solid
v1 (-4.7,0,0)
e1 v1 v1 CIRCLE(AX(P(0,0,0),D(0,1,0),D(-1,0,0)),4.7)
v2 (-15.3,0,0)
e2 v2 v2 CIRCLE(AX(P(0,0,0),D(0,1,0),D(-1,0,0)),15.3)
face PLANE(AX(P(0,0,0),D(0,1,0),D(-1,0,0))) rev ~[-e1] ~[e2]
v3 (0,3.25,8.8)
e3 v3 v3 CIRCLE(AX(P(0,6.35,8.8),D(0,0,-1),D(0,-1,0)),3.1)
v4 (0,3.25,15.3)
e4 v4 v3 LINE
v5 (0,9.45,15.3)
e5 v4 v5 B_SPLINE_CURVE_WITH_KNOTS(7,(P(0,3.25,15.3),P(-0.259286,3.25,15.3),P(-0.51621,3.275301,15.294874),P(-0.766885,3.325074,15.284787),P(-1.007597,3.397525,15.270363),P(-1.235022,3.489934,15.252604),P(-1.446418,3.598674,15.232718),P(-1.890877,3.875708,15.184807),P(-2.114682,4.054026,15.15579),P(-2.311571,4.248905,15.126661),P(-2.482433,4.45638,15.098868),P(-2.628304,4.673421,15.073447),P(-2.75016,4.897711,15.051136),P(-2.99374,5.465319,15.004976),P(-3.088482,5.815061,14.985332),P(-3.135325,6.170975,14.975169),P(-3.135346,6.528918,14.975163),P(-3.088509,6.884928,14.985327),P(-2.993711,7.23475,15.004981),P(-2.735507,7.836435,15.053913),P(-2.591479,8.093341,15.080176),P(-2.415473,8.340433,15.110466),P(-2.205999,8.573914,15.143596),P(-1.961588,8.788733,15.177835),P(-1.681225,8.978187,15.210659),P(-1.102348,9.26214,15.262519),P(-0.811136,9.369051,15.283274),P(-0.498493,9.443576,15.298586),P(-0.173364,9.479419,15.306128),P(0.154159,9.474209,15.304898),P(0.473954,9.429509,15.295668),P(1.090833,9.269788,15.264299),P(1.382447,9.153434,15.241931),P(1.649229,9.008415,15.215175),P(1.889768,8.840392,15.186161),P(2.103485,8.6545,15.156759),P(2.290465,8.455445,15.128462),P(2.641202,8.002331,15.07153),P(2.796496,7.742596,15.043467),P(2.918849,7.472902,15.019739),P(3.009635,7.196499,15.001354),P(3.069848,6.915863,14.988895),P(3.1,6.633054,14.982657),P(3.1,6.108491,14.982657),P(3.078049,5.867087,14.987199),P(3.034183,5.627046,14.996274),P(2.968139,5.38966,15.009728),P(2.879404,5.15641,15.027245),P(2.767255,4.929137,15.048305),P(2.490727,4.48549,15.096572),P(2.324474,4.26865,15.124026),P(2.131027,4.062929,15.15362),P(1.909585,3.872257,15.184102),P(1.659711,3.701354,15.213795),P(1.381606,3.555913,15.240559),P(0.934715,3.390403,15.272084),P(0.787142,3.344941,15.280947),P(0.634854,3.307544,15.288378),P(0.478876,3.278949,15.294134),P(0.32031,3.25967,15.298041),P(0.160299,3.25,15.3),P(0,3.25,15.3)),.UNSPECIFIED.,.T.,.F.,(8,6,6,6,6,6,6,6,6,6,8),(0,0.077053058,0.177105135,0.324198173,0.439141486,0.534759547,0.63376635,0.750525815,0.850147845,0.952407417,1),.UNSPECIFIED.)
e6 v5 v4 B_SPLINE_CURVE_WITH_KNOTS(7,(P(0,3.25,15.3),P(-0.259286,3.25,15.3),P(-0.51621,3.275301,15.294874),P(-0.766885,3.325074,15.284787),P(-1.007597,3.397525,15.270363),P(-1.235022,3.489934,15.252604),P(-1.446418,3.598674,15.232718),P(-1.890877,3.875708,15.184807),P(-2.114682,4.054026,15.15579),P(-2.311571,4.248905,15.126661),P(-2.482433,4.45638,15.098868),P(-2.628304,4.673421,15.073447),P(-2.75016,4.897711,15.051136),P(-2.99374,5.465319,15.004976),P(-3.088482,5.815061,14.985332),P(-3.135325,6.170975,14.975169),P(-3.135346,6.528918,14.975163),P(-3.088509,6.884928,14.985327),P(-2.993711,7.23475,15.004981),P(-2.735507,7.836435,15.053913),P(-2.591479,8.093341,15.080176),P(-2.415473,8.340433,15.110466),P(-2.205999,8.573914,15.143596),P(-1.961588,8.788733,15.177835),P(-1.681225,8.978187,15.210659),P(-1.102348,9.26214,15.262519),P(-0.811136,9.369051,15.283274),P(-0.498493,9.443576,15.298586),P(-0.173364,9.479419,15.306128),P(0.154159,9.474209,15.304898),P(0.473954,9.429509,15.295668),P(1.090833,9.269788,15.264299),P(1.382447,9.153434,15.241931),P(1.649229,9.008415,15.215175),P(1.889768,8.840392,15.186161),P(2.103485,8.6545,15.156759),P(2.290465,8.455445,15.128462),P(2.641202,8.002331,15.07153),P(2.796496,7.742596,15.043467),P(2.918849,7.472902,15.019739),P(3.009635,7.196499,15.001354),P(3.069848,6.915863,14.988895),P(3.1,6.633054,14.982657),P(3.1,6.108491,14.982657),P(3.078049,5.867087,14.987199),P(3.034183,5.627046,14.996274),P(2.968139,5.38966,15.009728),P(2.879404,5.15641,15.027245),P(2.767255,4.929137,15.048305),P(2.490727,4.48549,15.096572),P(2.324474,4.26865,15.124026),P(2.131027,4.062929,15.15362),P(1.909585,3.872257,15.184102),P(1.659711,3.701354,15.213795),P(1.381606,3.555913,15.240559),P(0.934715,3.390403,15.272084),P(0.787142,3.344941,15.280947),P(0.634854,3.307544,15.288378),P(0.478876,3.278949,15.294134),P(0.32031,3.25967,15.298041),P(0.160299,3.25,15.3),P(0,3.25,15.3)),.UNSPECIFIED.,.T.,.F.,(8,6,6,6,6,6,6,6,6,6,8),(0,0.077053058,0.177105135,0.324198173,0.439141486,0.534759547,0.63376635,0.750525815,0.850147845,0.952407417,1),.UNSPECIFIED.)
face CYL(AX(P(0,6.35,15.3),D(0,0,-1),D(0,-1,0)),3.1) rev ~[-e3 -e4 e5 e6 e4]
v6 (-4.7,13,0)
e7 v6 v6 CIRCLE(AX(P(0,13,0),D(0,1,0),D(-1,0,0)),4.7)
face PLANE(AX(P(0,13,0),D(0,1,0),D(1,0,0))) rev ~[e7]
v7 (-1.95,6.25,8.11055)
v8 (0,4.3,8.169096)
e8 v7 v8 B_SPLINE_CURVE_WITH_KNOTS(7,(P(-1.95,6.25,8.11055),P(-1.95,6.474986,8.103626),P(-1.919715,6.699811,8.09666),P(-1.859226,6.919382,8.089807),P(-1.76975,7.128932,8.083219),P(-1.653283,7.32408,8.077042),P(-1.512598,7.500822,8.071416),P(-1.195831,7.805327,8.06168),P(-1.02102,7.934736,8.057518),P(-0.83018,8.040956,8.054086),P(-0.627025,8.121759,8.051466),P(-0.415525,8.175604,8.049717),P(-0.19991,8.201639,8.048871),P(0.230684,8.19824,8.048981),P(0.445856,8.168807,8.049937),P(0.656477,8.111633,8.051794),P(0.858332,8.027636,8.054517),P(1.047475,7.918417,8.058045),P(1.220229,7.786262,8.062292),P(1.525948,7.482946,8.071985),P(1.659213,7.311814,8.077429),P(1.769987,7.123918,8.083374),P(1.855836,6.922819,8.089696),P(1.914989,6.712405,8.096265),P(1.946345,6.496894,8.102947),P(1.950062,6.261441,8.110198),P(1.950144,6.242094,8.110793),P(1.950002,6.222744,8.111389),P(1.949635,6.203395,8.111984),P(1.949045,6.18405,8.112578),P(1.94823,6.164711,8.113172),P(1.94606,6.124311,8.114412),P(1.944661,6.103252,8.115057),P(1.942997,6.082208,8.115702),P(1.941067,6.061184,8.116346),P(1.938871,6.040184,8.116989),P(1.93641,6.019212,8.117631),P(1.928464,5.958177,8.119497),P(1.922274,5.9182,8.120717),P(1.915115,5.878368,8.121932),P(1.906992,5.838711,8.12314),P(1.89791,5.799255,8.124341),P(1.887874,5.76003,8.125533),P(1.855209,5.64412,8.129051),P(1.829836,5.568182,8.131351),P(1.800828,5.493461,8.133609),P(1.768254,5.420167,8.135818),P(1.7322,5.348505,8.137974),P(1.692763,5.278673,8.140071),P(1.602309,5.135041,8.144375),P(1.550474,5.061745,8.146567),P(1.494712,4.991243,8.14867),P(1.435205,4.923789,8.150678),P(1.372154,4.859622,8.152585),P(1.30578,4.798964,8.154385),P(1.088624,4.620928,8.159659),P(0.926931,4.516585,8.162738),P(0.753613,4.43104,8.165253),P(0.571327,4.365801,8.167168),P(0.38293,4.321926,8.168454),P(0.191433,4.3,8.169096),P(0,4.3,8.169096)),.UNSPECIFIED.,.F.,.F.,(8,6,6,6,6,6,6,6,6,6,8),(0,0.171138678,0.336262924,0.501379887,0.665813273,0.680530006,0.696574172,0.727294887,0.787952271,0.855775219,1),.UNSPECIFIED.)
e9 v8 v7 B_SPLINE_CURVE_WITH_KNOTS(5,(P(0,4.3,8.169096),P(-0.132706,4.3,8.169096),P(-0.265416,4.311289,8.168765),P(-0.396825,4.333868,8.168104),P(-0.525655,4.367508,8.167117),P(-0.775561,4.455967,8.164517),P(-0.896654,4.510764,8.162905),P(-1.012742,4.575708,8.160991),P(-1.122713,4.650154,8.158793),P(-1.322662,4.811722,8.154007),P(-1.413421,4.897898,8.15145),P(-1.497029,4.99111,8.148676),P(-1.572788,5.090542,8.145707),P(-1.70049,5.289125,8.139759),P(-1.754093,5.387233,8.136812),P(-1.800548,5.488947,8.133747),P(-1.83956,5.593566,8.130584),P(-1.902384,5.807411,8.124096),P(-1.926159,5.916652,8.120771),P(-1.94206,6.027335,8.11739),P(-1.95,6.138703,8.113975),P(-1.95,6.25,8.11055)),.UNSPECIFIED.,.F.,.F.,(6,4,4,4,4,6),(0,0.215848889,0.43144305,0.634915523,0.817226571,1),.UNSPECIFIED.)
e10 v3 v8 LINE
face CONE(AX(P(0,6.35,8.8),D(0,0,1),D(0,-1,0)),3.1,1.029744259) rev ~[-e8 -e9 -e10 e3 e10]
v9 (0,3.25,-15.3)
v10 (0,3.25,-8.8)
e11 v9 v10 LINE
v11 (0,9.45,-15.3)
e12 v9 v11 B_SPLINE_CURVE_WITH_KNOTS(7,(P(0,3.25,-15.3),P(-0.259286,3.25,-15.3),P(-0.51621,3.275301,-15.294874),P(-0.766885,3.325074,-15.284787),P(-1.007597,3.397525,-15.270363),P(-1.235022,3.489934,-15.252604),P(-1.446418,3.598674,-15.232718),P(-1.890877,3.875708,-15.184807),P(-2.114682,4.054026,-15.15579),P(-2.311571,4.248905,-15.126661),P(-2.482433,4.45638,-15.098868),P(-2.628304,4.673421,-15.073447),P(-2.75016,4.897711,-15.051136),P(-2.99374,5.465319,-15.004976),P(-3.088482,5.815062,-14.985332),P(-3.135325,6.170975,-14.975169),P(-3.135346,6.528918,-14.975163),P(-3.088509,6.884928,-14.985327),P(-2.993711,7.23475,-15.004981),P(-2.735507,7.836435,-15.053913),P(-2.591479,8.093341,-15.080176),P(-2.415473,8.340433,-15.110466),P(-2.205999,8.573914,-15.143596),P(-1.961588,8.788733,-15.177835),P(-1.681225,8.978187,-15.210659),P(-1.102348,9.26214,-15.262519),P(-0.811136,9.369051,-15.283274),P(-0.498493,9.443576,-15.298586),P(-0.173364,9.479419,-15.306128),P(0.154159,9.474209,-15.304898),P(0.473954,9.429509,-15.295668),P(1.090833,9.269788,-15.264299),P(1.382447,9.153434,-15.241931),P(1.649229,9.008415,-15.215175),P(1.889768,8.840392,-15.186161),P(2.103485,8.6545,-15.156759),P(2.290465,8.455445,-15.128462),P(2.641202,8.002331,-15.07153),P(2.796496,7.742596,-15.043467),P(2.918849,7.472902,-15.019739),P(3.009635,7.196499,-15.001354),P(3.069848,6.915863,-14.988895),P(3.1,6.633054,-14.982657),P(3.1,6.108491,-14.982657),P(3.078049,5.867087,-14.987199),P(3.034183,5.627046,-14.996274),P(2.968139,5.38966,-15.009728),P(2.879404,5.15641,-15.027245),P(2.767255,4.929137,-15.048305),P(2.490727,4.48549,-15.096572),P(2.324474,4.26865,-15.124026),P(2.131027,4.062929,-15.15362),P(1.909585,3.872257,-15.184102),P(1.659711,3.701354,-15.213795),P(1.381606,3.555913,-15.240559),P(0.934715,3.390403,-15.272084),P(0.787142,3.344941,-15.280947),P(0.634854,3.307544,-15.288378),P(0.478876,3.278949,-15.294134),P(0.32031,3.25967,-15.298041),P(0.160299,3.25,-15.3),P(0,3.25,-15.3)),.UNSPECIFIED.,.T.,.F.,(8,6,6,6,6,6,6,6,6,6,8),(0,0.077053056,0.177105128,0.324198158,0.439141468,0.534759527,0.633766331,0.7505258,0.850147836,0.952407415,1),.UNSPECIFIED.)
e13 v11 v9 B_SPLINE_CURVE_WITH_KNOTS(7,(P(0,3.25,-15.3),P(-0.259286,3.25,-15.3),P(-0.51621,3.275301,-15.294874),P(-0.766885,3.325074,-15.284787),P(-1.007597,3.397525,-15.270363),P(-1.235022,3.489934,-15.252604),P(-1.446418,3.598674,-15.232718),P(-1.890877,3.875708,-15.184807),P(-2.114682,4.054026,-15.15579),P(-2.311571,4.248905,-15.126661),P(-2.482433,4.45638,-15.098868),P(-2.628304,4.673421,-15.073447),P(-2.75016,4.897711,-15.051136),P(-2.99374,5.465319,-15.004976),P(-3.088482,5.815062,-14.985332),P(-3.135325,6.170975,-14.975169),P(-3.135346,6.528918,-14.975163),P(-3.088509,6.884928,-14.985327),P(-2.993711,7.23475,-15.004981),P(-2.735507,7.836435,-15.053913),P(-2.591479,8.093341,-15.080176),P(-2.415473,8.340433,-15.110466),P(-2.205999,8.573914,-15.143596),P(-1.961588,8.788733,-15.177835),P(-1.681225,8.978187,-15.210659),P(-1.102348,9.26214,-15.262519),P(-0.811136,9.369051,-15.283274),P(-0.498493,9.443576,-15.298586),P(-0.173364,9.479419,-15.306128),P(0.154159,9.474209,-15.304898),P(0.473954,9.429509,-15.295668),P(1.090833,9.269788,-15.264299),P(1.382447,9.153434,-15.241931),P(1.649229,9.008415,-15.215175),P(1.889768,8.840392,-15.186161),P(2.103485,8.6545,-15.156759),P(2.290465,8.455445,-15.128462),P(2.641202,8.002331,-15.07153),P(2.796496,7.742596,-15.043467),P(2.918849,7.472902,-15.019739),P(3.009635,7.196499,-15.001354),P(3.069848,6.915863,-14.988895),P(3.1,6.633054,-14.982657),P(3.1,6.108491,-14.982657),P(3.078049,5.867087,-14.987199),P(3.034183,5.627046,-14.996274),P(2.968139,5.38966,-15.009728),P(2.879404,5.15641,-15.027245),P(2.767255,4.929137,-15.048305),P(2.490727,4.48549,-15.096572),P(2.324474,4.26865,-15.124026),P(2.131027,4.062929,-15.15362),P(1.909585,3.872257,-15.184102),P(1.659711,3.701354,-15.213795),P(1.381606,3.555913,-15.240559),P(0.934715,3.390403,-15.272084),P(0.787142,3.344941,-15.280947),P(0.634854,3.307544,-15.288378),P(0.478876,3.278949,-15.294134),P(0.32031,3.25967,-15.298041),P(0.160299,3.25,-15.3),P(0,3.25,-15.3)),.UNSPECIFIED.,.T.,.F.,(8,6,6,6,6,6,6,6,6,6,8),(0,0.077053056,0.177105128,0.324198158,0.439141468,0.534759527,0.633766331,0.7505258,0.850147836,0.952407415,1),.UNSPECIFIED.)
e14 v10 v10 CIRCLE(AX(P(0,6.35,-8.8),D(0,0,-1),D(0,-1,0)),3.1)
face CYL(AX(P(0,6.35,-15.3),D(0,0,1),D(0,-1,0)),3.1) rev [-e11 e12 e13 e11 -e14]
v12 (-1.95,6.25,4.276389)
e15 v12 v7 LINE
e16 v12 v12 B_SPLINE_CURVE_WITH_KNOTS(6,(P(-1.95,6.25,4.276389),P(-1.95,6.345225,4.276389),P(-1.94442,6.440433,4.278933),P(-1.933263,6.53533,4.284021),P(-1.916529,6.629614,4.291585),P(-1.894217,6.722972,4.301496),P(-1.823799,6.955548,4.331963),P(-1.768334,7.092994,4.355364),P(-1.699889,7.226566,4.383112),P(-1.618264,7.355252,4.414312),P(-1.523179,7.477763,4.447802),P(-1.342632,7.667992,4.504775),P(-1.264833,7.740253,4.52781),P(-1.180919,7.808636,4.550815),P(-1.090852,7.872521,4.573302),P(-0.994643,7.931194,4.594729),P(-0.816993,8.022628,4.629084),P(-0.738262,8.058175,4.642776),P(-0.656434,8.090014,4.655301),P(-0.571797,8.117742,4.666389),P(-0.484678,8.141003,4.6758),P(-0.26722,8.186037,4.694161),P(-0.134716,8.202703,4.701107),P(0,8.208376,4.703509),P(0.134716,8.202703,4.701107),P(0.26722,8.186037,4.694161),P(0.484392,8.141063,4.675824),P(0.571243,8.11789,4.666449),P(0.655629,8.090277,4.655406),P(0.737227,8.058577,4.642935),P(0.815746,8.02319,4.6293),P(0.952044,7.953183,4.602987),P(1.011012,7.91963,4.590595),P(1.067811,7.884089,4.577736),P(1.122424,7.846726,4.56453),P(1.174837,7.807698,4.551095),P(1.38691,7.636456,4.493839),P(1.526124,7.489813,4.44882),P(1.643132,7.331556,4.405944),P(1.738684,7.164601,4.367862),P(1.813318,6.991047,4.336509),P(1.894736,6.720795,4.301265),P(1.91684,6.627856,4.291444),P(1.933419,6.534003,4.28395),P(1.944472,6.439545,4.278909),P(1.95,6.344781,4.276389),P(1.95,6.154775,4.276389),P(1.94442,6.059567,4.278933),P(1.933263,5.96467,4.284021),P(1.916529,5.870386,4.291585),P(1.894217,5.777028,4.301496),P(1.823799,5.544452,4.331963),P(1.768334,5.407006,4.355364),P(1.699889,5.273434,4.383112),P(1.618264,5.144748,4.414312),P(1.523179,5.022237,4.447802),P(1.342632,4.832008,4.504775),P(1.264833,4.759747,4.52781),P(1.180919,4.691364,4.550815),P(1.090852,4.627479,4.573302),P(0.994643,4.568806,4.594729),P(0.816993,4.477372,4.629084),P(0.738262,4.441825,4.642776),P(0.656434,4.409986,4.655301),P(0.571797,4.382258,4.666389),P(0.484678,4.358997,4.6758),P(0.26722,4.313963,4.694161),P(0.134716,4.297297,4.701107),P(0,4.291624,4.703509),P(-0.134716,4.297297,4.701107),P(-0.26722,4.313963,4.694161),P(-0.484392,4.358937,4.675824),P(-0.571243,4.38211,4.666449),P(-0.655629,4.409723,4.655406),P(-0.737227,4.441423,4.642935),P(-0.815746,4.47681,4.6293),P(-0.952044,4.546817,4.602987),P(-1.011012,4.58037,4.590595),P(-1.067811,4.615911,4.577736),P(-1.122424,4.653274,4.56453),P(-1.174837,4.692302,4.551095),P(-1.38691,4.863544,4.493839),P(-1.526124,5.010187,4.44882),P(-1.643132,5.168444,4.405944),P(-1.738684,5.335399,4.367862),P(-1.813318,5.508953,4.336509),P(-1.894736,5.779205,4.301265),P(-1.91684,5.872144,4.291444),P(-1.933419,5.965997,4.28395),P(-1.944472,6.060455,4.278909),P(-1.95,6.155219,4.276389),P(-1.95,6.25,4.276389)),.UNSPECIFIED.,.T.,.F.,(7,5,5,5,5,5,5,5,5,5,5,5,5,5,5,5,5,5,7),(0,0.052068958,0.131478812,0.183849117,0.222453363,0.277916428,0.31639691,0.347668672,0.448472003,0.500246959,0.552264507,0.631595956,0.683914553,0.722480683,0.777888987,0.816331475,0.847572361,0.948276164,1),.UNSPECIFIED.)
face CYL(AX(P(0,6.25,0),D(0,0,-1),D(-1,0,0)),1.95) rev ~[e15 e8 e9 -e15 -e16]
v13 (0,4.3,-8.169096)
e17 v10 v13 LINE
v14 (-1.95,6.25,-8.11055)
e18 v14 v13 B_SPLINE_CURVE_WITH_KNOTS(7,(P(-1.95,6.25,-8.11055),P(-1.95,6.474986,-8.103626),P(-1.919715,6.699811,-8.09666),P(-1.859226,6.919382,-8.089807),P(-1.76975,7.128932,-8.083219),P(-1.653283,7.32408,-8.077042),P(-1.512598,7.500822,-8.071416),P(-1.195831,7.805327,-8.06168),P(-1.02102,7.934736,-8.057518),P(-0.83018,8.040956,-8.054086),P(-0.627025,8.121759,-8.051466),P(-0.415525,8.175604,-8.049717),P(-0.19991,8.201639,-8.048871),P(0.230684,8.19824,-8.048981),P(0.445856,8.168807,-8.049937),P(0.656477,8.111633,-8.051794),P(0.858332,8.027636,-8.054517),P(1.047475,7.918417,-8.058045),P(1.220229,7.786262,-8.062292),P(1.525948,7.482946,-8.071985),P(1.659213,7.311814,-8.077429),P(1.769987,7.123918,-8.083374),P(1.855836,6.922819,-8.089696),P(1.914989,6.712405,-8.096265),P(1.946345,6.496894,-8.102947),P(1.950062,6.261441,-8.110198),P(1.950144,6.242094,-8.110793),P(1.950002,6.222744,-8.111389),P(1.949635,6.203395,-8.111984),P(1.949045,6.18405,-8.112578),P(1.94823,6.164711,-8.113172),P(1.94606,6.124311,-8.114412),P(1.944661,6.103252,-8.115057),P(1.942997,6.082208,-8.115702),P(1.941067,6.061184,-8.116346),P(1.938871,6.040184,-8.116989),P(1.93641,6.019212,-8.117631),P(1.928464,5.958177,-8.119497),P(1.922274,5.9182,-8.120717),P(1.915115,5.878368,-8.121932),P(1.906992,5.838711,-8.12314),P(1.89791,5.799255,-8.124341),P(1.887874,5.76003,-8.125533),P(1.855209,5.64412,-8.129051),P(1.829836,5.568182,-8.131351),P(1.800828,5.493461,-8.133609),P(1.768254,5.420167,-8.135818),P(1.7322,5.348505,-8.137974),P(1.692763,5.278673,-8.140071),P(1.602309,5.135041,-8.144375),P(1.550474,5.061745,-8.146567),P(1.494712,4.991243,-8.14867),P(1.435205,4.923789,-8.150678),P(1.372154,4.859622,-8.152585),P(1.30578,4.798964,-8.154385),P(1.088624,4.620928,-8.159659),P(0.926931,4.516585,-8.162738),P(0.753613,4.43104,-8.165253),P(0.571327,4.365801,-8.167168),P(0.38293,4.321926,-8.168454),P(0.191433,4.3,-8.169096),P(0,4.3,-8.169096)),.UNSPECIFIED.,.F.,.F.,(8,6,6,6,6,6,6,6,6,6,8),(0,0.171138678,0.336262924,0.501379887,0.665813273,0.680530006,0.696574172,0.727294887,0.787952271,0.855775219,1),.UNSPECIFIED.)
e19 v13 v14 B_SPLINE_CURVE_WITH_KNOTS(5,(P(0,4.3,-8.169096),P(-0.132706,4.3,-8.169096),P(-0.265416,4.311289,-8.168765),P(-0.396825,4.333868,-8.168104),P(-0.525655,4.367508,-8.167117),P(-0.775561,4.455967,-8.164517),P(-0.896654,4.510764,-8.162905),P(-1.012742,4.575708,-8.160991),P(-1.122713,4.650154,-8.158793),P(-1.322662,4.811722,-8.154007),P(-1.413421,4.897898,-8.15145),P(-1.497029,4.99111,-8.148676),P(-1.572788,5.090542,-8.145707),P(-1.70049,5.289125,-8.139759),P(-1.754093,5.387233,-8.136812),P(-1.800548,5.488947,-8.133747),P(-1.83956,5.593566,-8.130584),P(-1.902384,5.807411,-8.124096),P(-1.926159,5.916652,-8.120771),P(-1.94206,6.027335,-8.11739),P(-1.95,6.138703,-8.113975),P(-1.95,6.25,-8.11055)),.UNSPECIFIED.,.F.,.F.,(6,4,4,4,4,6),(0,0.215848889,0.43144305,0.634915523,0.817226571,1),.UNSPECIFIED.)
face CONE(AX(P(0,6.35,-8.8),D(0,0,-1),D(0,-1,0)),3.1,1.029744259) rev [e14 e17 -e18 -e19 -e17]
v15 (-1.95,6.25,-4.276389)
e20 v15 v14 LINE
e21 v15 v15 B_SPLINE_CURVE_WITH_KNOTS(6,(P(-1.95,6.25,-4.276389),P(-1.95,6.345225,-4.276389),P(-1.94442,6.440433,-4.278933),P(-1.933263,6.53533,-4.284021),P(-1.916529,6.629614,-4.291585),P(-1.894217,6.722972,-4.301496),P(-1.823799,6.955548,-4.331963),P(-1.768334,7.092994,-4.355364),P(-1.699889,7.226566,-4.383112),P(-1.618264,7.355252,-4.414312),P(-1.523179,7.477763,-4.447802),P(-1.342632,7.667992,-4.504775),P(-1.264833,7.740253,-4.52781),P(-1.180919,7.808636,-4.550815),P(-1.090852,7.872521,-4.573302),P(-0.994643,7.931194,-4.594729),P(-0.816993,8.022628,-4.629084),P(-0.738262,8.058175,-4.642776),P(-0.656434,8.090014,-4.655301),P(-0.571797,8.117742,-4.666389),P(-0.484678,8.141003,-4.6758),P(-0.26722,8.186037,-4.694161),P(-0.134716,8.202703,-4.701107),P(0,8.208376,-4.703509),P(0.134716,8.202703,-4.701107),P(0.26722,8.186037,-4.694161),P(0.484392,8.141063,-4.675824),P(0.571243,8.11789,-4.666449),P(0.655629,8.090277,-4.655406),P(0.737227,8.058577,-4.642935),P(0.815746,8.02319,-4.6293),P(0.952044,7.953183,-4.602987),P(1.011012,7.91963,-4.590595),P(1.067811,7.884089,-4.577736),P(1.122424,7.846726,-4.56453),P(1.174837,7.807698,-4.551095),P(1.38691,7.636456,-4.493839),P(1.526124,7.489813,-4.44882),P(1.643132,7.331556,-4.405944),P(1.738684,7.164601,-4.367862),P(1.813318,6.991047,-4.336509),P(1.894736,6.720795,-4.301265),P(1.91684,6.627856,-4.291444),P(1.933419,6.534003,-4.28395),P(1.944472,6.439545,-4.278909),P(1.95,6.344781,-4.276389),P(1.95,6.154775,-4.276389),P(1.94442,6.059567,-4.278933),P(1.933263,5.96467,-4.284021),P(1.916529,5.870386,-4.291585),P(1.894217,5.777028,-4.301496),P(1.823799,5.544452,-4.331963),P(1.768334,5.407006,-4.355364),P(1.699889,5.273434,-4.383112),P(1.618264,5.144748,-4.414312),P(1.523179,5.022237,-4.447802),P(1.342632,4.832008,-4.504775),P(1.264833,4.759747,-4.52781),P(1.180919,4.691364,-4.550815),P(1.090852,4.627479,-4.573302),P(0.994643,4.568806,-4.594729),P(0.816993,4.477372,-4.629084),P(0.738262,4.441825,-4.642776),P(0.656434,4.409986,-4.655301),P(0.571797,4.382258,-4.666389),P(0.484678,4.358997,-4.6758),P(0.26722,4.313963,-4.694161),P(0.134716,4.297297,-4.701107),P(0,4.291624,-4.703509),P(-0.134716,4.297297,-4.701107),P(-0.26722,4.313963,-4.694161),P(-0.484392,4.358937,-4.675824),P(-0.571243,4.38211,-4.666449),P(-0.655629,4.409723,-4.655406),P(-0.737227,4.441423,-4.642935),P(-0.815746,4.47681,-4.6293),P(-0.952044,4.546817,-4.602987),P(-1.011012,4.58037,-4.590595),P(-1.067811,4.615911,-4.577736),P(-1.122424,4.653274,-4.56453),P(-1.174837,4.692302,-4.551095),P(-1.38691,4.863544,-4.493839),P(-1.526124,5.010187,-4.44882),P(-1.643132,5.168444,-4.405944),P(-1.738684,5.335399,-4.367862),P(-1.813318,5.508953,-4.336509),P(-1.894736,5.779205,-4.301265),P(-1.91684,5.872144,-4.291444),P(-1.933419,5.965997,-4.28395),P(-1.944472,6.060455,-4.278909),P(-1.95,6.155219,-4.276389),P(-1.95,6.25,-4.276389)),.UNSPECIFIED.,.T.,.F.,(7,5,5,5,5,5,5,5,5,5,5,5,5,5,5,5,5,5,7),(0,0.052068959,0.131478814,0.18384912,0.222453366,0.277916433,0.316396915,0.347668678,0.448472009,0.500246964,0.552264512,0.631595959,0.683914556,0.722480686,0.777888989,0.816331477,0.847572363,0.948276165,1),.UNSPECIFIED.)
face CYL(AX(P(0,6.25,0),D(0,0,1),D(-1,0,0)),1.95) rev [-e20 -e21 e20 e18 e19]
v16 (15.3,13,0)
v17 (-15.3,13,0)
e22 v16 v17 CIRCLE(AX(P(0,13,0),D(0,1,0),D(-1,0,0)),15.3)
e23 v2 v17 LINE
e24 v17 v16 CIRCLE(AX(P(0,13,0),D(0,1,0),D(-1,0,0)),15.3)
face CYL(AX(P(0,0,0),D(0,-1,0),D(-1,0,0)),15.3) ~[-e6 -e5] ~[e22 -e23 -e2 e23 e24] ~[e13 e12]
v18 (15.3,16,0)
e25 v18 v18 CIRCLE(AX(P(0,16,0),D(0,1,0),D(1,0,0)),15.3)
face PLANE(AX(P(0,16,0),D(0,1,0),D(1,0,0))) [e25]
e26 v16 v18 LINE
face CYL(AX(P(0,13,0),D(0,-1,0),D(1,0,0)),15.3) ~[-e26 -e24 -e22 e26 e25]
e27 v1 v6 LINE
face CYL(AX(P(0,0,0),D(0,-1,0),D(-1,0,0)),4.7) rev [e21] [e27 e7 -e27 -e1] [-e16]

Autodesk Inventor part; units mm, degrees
ref_plane "YZ Plane" through (0, 0, 0) normal (1, 0, 0) x (0, 1, 0)
ref_plane "XZ Plane" through (0, 0, 0) normal (0, 1, 0) x (-1, 0, 0)
ref_plane "XY Plane" through (0, 0, 0) normal (0, 0, 1) x (1, 0, 0)
sketch "Sketch1" plane through (0, 0, 0) normal (0, 1, 0) x (-1, 0, 0)
  circle A0 centre (0, 0) radius 15.3
  circle A1 centre (0, 0) radius 4.7
  dimension "d0" = 30.6
  dimension "d1" = 9.4
extrude "Extrusion1" add sketch "Sketch1" along normal blind 13
sketch "Sketch2" plane through (0, 13, 0) normal (0, 1, 0) x (1, 0, 0)
  line L0 (19.8933, 0) -> (-23.0575, 0) construction
  point P0 (0, 0)
ref_plane "Work Plane1" through (19.8933, 13, 0) normal (0, 0, -1) x (-1, 0, 0)
sketch "Sketch3" plane through (19.8933, 13, 0) normal (0, 0, -1) x (-1, 0, 0)
  circle A0 centre (19.8933, -6.75) radius 1.95
  line L0 (35.1933, 0) -> (4.5933, 0) projected
  line L1 (15.1933, 0) -> (24.5933, 0) projected
  point P0 (19.8933, -13)
  dimension "d5" = 3.9
  dimension "d18" = 6.75
extrude "Extrusion2" cut sketch "Sketch3" along normal through all both and the other way through all
ref_plane "Work Plane2" through (0, 0, 15.3) normal (0, 0, -1) x (-1, 0, 0)
sketch "Sketch4" plane through (0, 0, 15.3) normal (0, 0, -1) x (-1, 0, 0)
  point P0 (0, 0)
  point P1 (1.95, 6.25)
  point P2 (0, 6.35)
hole "Hole1" at (0, 6.35, 15.3) direction (0, 0, -1) diameter 6.2 depth 6.5 tip angle 118
mirror "Mirror1" about plane through (19.8933, 13, 0) normal (0, 0, -1) of "Hole1"
sketch "Sketch5" plane through (0, 13, 0) normal (0, 1, 0) x (1, 0, 0)
  circle A0 centre (0, 0) radius 15.3 projected
extrude "Extrusion3" add sketch "Sketch5" along normal blind 3
properties part number "brImp_fan"
